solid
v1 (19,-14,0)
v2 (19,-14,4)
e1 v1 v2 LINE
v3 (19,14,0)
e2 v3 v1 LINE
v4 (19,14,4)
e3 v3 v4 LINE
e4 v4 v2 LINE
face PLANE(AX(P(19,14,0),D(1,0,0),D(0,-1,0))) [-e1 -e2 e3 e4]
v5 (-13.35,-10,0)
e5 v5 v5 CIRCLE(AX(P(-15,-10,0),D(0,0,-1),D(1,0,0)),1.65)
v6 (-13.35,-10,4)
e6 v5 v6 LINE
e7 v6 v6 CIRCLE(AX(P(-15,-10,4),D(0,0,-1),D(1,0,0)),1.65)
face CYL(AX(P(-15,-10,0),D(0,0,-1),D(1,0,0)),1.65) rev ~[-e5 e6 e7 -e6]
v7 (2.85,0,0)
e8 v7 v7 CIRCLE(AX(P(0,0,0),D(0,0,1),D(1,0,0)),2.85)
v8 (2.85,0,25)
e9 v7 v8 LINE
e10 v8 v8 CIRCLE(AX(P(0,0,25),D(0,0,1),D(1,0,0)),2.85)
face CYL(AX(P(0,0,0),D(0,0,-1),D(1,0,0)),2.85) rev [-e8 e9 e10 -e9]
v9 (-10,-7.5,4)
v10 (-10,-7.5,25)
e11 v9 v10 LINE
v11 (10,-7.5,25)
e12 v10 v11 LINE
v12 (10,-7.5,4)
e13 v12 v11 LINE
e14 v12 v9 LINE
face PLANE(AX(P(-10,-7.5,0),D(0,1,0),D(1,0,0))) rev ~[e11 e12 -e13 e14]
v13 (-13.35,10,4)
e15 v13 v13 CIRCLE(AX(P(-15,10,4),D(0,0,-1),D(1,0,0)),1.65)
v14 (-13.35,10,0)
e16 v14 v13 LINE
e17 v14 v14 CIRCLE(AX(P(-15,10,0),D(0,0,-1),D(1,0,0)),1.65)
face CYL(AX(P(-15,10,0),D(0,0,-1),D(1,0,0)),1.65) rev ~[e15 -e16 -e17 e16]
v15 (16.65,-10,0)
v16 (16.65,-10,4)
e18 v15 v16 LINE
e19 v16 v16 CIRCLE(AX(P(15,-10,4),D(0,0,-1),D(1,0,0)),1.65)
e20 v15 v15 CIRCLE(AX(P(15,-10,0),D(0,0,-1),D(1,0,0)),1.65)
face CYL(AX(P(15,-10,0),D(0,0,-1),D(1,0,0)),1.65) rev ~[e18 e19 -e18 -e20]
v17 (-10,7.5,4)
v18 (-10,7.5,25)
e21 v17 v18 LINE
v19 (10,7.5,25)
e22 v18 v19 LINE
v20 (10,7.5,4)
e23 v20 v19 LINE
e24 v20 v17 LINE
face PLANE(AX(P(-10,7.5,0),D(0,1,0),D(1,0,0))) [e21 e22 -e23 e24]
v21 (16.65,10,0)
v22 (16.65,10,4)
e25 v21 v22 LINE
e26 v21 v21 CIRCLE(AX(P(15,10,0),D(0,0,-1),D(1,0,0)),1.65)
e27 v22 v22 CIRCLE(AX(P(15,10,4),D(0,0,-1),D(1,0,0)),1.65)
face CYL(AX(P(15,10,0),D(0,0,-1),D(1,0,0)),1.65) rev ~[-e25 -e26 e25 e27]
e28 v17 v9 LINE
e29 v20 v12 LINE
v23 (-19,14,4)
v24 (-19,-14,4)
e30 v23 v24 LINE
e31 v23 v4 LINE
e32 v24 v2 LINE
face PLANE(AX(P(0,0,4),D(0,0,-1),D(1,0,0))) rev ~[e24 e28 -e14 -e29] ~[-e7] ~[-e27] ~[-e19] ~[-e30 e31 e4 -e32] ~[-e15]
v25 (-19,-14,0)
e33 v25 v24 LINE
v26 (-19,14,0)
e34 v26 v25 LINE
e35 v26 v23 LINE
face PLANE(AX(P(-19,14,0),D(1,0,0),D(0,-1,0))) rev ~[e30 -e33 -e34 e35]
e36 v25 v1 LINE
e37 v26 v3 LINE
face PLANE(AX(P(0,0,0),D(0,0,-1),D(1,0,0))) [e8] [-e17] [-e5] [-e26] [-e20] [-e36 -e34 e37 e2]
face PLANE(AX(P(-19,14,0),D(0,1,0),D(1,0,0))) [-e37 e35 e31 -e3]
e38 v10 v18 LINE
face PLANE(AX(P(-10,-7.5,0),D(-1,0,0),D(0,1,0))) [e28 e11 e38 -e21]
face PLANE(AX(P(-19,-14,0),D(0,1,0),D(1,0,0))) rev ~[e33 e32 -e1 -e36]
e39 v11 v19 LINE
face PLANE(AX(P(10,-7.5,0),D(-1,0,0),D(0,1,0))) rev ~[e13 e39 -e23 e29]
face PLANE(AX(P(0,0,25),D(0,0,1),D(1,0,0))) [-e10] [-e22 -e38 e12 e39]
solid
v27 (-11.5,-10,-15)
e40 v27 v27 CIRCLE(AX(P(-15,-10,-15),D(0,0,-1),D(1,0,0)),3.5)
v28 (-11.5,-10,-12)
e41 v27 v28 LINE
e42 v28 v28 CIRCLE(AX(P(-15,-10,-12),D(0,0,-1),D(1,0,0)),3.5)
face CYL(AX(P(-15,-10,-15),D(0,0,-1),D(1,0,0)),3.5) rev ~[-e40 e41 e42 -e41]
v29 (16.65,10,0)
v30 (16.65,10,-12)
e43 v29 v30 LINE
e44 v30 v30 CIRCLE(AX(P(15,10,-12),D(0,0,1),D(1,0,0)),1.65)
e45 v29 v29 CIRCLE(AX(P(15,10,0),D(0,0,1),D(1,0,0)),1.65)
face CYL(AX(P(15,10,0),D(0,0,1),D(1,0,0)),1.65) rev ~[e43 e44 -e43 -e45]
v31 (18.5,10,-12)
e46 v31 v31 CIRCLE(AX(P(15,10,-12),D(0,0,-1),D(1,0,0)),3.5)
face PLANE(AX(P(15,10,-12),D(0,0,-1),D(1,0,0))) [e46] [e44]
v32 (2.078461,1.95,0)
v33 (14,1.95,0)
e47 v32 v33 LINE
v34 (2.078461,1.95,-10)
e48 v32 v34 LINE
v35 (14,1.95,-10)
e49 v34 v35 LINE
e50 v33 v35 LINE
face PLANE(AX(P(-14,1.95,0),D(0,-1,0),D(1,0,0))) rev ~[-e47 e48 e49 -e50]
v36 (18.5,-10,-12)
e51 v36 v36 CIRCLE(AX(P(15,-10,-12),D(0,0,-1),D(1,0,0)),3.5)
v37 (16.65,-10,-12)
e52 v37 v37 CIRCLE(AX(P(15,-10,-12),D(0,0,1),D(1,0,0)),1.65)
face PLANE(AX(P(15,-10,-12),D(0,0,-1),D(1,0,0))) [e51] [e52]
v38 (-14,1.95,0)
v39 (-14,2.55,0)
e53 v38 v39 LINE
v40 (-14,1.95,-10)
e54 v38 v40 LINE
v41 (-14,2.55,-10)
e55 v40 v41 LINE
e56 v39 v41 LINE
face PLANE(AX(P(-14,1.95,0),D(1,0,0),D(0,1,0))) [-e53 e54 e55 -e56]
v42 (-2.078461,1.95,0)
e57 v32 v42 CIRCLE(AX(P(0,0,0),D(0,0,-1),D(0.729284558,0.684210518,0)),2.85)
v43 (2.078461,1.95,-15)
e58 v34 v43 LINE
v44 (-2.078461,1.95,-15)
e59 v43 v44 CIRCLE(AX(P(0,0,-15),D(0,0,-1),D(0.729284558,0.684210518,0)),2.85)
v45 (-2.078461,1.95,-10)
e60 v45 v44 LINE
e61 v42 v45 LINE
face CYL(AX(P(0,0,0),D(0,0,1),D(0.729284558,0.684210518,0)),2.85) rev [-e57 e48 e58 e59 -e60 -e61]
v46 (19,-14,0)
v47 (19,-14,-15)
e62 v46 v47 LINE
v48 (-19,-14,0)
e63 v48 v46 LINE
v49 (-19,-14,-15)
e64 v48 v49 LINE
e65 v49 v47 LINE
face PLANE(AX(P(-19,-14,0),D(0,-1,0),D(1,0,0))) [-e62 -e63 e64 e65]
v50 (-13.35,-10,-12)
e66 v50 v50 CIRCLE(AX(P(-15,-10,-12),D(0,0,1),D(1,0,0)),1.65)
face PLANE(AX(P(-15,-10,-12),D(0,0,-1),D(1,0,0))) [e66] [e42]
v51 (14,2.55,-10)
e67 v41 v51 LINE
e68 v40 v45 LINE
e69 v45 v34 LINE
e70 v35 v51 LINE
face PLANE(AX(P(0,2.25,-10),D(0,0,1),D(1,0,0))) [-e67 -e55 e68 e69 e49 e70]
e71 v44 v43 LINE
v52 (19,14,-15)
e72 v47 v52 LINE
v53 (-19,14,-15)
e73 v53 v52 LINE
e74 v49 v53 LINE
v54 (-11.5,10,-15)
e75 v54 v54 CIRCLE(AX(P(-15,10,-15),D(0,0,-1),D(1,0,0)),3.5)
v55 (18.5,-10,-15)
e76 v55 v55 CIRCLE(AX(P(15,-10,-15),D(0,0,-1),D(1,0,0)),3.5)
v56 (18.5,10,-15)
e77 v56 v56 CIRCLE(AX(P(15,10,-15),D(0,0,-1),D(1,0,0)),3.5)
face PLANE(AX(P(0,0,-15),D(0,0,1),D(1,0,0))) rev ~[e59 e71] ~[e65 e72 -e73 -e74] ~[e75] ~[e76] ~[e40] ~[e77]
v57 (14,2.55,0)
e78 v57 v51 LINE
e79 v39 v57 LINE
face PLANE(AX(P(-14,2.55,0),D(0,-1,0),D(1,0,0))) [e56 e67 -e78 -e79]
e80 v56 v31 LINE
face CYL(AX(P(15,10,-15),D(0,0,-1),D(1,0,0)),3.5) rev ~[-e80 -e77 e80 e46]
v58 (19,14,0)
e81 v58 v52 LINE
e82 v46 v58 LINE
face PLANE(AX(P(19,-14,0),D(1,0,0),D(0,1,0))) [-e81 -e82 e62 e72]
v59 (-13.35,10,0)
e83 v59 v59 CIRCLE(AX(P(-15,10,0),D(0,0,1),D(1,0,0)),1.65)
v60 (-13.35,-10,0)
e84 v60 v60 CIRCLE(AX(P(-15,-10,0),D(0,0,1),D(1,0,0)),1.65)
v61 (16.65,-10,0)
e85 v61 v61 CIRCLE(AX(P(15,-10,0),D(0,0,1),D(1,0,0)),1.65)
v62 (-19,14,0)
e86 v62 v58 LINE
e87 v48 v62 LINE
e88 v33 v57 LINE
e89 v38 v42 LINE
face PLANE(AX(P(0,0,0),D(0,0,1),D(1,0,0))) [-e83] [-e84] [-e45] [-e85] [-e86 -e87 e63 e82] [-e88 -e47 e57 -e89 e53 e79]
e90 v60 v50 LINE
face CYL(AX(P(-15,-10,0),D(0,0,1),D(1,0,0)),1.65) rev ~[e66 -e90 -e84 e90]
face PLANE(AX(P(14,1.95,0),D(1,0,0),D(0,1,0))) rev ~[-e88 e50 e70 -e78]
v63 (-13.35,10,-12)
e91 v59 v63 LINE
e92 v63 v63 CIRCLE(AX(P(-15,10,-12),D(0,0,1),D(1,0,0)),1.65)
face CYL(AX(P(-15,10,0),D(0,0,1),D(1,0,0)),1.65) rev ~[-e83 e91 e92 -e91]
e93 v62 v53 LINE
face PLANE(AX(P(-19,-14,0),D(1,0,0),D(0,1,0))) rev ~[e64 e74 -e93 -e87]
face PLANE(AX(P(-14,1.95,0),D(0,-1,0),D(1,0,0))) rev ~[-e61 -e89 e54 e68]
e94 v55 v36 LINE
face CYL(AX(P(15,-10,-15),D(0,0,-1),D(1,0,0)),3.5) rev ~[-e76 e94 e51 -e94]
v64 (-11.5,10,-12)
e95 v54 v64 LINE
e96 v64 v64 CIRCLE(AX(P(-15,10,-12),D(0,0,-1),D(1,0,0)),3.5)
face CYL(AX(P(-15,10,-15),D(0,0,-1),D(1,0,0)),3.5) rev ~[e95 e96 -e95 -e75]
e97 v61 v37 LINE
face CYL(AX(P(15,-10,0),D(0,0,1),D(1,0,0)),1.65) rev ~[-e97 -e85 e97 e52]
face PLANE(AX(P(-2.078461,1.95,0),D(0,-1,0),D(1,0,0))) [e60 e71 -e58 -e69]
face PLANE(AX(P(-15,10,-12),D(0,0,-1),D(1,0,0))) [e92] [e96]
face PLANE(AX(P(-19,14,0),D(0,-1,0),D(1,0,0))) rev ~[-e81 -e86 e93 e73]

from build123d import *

# Parameters (mm, degrees)
F0_W     = 20
F0_H     = 15
F0_R     = 2.85
F1_DEPTH = 25
F2_W     = 38
F2_H     = 28
F2_R     = 1.65
F2_R_2   = 2.85
F3_DEPTH = 4
F4_W     = 38
F4_H     = 28
F4_R     = 1.65
F5_DEPTH = 15
F6_W     = 28
F6_H     = 0.6
F7_DEPTH = 10
F8_R     = 3.5
F9_DEPTH = 3


with BuildPart() as f1:
    # F0 (on Top) → F1 (new body)
    with BuildSketch(Plane.XY):
        Rectangle(F0_W, F0_H)
        Circle(F0_R, mode=Mode.SUBTRACT)
    extrude(amount=F1_DEPTH)

    # F2 (on face) → F3 (join)
    with BuildSketch(Plane(origin=(0, 0, 0), x_dir=(1, 0, 0), z_dir=(0, 0, -1))):
        Rectangle(F2_W, F2_H)
        with Locations((-15, -10)):
            Circle(F2_R, mode=Mode.SUBTRACT)
        with Locations((15, -10)):
            Circle(F2_R, mode=Mode.SUBTRACT)
        with Locations((-15, 10)):
            Circle(F2_R, mode=Mode.SUBTRACT)
        Circle(F2_R_2, mode=Mode.SUBTRACT)
        with Locations((15, 10)):
            Circle(F2_R, mode=Mode.SUBTRACT)
    extrude(amount=-F3_DEPTH)


with BuildPart() as f5:
    # F4 (on Top) → F5 (new body)
    with BuildSketch(Plane.XY):
        Rectangle(F4_W, F4_H)
        with Locations((-15, -10)):
            Circle(F4_R, mode=Mode.SUBTRACT)
        with Locations((15, -10)):
            Circle(F4_R, mode=Mode.SUBTRACT)
        with BuildLine():
            ThreePointArc((2.078461, 1.95), (0, -2.85), (-2.078461, 1.95))
            Line((-2.078461, 1.95), (2.078461, 1.95))
        make_face(mode=Mode.SUBTRACT)
        with Locations((-15, 10)):
            Circle(F4_R, mode=Mode.SUBTRACT)
        with Locations((15, 10)):
            Circle(F4_R, mode=Mode.SUBTRACT)
    extrude(amount=-F5_DEPTH)

    # F6 (on face) → F7 (cut)
    with BuildSketch(Plane.XY):
        with Locations((0, 2.25)):
            Rectangle(F6_W, F6_H)
    extrude(amount=-F7_DEPTH, mode=Mode.SUBTRACT)

    # F8 (on face) → F9 (cut)
    with BuildSketch(Plane(origin=(0, 0, -15), x_dir=(1, 0, 0), z_dir=(0, 0, -1))):
        with Locations((15, -10)):
            Circle(F8_R)
        with Locations((-15, -10)):
            Circle(F8_R)
        with Locations((-15, 10)):
            Circle(F8_R)
        with Locations((15, 10)):
            Circle(F8_R)
    extrude(amount=-F9_DEPTH, mode=Mode.SUBTRACT)


solid = Compound([f1.part, f5.part])
